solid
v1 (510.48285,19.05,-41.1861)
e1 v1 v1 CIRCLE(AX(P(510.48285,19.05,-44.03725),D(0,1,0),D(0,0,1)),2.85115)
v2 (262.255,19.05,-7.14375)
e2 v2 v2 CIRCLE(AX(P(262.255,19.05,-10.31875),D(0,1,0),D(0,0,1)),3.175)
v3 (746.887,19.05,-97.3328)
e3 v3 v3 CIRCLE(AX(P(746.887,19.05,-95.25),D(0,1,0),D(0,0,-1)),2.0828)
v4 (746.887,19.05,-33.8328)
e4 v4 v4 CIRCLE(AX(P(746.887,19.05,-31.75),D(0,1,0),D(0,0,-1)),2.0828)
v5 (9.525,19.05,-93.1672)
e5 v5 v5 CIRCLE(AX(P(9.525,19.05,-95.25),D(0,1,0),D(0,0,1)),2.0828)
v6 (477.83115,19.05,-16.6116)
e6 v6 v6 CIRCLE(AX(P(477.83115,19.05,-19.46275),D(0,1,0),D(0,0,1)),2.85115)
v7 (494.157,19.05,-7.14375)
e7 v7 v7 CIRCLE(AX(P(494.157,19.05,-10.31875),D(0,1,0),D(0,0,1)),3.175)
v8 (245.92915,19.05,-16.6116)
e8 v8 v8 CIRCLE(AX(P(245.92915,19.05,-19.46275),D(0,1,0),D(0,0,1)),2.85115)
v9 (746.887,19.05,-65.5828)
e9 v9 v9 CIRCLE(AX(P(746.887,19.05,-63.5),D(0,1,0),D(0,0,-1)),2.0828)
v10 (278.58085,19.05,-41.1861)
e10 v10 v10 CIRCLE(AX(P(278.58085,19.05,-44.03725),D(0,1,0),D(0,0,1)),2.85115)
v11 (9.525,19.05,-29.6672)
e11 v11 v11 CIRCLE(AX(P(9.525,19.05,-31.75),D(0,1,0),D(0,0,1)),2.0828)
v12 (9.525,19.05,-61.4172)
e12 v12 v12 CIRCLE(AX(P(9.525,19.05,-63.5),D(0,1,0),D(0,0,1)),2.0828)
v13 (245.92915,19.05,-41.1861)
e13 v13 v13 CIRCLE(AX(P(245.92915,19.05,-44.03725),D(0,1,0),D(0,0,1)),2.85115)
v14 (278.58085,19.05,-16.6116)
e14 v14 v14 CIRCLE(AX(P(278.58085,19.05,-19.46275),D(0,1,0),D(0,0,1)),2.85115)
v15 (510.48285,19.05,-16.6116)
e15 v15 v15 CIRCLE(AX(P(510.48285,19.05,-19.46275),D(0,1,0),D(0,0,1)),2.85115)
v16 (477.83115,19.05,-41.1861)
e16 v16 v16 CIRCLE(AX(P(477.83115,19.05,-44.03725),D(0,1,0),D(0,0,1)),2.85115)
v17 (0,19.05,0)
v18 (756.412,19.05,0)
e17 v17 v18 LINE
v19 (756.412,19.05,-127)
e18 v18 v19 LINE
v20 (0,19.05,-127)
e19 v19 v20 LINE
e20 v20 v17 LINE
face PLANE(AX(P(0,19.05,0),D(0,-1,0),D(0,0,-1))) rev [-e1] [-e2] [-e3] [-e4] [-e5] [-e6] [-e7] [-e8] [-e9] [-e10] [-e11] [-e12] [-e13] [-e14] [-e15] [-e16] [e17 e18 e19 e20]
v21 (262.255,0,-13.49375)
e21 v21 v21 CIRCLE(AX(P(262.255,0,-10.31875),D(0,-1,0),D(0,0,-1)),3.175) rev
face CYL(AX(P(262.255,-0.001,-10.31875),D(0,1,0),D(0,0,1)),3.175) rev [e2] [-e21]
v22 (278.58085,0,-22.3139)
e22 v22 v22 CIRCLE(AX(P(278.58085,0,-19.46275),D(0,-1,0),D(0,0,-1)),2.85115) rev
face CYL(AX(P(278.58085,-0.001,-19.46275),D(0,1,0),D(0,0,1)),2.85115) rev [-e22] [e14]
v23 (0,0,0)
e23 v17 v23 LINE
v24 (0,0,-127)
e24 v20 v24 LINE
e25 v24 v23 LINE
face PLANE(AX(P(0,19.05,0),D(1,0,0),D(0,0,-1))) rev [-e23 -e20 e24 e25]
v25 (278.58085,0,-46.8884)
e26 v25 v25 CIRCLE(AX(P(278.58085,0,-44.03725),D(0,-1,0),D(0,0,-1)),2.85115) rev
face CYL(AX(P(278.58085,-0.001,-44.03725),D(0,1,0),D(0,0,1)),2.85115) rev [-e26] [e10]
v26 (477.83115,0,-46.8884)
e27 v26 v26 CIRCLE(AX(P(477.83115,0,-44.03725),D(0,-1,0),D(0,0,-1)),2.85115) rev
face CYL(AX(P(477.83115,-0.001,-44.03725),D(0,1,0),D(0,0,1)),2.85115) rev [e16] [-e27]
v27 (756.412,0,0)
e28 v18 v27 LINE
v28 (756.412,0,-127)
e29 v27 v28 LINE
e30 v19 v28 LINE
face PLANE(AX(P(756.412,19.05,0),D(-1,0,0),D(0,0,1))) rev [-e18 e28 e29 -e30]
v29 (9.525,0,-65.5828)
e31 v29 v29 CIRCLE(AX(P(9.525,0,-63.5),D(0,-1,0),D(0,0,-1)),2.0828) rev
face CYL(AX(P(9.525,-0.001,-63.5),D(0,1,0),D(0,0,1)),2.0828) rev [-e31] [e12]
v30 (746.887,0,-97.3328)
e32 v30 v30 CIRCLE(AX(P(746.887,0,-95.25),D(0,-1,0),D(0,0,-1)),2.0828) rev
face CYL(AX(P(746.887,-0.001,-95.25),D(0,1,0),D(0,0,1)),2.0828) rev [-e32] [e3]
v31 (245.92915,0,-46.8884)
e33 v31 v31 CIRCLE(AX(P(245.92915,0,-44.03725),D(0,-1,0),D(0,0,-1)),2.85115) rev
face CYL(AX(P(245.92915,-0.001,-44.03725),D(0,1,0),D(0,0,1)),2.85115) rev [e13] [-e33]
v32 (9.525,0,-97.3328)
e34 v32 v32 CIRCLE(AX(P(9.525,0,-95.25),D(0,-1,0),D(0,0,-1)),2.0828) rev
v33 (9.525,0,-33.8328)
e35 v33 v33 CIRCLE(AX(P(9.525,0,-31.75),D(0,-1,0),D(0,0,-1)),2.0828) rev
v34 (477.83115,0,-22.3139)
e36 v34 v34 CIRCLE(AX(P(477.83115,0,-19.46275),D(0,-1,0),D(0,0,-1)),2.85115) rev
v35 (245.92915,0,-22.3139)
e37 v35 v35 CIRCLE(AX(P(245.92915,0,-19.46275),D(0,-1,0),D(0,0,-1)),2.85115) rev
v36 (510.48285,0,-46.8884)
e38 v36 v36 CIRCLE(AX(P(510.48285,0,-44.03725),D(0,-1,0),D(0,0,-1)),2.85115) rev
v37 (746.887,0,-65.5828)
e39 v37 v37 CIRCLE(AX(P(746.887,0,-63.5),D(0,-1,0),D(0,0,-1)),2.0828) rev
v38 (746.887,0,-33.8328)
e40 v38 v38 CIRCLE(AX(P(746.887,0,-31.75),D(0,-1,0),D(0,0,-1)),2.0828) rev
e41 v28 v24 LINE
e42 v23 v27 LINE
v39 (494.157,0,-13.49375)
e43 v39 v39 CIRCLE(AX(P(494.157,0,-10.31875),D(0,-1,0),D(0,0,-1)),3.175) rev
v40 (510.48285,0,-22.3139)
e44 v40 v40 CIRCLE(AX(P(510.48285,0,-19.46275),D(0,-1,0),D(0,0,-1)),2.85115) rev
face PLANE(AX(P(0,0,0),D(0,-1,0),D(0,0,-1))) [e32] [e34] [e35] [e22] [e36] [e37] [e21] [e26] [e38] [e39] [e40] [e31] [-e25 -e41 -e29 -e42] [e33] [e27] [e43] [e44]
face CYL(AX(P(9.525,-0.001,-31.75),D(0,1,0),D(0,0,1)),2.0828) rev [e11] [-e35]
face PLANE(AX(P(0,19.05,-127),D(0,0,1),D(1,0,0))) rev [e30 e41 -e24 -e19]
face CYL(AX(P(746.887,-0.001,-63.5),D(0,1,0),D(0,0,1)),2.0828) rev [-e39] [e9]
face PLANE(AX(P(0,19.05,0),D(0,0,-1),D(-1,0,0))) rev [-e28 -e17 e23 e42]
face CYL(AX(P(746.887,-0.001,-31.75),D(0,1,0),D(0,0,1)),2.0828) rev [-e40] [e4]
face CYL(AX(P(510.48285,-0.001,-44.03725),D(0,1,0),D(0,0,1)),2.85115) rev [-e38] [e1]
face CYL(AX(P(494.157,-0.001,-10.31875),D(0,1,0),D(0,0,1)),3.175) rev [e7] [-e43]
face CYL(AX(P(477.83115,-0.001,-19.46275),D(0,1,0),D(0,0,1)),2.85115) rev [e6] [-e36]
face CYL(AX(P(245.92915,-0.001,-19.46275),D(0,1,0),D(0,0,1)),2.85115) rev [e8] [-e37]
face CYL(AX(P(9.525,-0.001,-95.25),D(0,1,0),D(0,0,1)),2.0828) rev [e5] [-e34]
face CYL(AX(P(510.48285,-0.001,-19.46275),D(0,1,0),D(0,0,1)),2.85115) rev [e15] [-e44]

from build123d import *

# Parameters (mm, degrees)
SKETCH2_W           = 756.412
SKETCH2_H           = 127
BOSS_EXTRUDE1_DEPTH = 19.05
CUT_EXTRUDE1_REACH  = 21.05
SKETCH3_R           = 2.85115
CUT_EXTRUDE2_REACH  = 21.05
SKETCH4_R           = 3.175
CUT_EXTRUDE3_REACH  = 21.05
SKETCH5_R           = 2.0828


with BuildPart() as part:
    # Sketch2 → Boss-Extrude1 (new body)
    with BuildSketch(Plane(origin=(0, 0, 0), x_dir=(1, 0, 0), z_dir=(0, 1, 0))):
        with Locations((378.206, 63.5)):
            Rectangle(SKETCH2_W, SKETCH2_H)
    extrude(amount=BOSS_EXTRUDE1_DEPTH)

    # Sketch3 → Cut-Extrude1 (cut, up to next)
    with BuildSketch(Plane(origin=(0, 19.05, 0), x_dir=(1, 0, 0), z_dir=(0, 1, 0)), mode=Mode.PRIVATE) as cut_extrude1_sk1:
        with Locations((245.92915, 19.46275)):
            Circle(SKETCH3_R)
    cut_extrude1_tool1 = extrude(cut_extrude1_sk1.sketch, amount=-CUT_EXTRUDE1_REACH, mode=Mode.PRIVATE) & part.part
    add(cut_extrude1_tool1.solids().sort_by_distance((245.92915, 19.05, -19.46275))[0], mode=Mode.SUBTRACT)
    # Sketch3 → Cut-Extrude1 (cut, up to next)
    with BuildSketch(Plane(origin=(0, 19.05, 0), x_dir=(1, 0, 0), z_dir=(0, 1, 0)), mode=Mode.PRIVATE) as cut_extrude1_sk2:
        with Locations((278.58085, 19.46275)):
            Circle(SKETCH3_R)
    cut_extrude1_tool2 = extrude(cut_extrude1_sk2.sketch, amount=-CUT_EXTRUDE1_REACH, mode=Mode.PRIVATE) & part.part
    add(cut_extrude1_tool2.solids().sort_by_distance((278.58085, 19.05, -19.46275))[0], mode=Mode.SUBTRACT)
    # Sketch3 → Cut-Extrude1 (cut, up to next)
    with BuildSketch(Plane(origin=(0, 19.05, 0), x_dir=(1, 0, 0), z_dir=(0, 1, 0)), mode=Mode.PRIVATE) as cut_extrude1_sk3:
        with Locations((278.58085, 44.03725)):
            Circle(SKETCH3_R)
    cut_extrude1_tool3 = extrude(cut_extrude1_sk3.sketch, amount=-CUT_EXTRUDE1_REACH, mode=Mode.PRIVATE) & part.part
    add(cut_extrude1_tool3.solids().sort_by_distance((278.58085, 19.05, -44.03725))[0], mode=Mode.SUBTRACT)
    # Sketch3 → Cut-Extrude1 (cut, up to next)
    with BuildSketch(Plane(origin=(0, 19.05, 0), x_dir=(1, 0, 0), z_dir=(0, 1, 0)), mode=Mode.PRIVATE) as cut_extrude1_sk4:
        with Locations((245.92915, 44.03725)):
            Circle(SKETCH3_R)
    cut_extrude1_tool4 = extrude(cut_extrude1_sk4.sketch, amount=-CUT_EXTRUDE1_REACH, mode=Mode.PRIVATE) & part.part
    add(cut_extrude1_tool4.solids().sort_by_distance((245.92915, 19.05, -44.03725))[0], mode=Mode.SUBTRACT)
    # Sketch3 → Cut-Extrude1 (cut, up to next)
    with BuildSketch(Plane(origin=(0, 19.05, 0), x_dir=(1, 0, 0), z_dir=(0, 1, 0)), mode=Mode.PRIVATE) as cut_extrude1_sk5:
        with Locations((477.83115, 19.46275)):
            Circle(SKETCH3_R)
    cut_extrude1_tool5 = extrude(cut_extrude1_sk5.sketch, amount=-CUT_EXTRUDE1_REACH, mode=Mode.PRIVATE) & part.part
    add(cut_extrude1_tool5.solids().sort_by_distance((477.83115, 19.05, -19.46275))[0], mode=Mode.SUBTRACT)
    # Sketch3 → Cut-Extrude1 (cut, up to next)
    with BuildSketch(Plane(origin=(0, 19.05, 0), x_dir=(1, 0, 0), z_dir=(0, 1, 0)), mode=Mode.PRIVATE) as cut_extrude1_sk6:
        with Locations((510.48285, 19.46275)):
            Circle(SKETCH3_R)
    cut_extrude1_tool6 = extrude(cut_extrude1_sk6.sketch, amount=-CUT_EXTRUDE1_REACH, mode=Mode.PRIVATE) & part.part
    add(cut_extrude1_tool6.solids().sort_by_distance((510.48285, 19.05, -19.46275))[0], mode=Mode.SUBTRACT)
    # Sketch3 → Cut-Extrude1 (cut, up to next)
    with BuildSketch(Plane(origin=(0, 19.05, 0), x_dir=(1, 0, 0), z_dir=(0, 1, 0)), mode=Mode.PRIVATE) as cut_extrude1_sk7:
        with Locations((510.48285, 44.03725)):
            Circle(SKETCH3_R)
    cut_extrude1_tool7 = extrude(cut_extrude1_sk7.sketch, amount=-CUT_EXTRUDE1_REACH, mode=Mode.PRIVATE) & part.part
    add(cut_extrude1_tool7.solids().sort_by_distance((510.48285, 19.05, -44.03725))[0], mode=Mode.SUBTRACT)
    # Sketch3 → Cut-Extrude1 (cut, up to next)
    with BuildSketch(Plane(origin=(0, 19.05, 0), x_dir=(1, 0, 0), z_dir=(0, 1, 0)), mode=Mode.PRIVATE) as cut_extrude1_sk8:
        with Locations((477.83115, 44.03725)):
            Circle(SKETCH3_R)
    cut_extrude1_tool8 = extrude(cut_extrude1_sk8.sketch, amount=-CUT_EXTRUDE1_REACH, mode=Mode.PRIVATE) & part.part
    add(cut_extrude1_tool8.solids().sort_by_distance((477.83115, 19.05, -44.03725))[0], mode=Mode.SUBTRACT)

    # Sketch4 → Cut-Extrude2 (cut, up to next)
    with BuildSketch(Plane(origin=(0, 19.05, 0), x_dir=(1, 0, 0), z_dir=(0, 1, 0)), mode=Mode.PRIVATE) as cut_extrude2_sk1:
        with Locations((494.157, 10.31875)):
            Circle(SKETCH4_R)
    cut_extrude2_tool1 = extrude(cut_extrude2_sk1.sketch, amount=-CUT_EXTRUDE2_REACH, mode=Mode.PRIVATE) & part.part
    add(cut_extrude2_tool1.solids().sort_by_distance((494.157, 19.05, -10.31875))[0], mode=Mode.SUBTRACT)
    # Sketch4 → Cut-Extrude2 (cut, up to next)
    with BuildSketch(Plane(origin=(0, 19.05, 0), x_dir=(1, 0, 0), z_dir=(0, 1, 0)), mode=Mode.PRIVATE) as cut_extrude2_sk2:
        with Locations((262.255, 10.31875)):
            Circle(SKETCH4_R)
    cut_extrude2_tool2 = extrude(cut_extrude2_sk2.sketch, amount=-CUT_EXTRUDE2_REACH, mode=Mode.PRIVATE) & part.part
    add(cut_extrude2_tool2.solids().sort_by_distance((262.255, 19.05, -10.31875))[0], mode=Mode.SUBTRACT)

    # Sketch5 → Cut-Extrude3 (cut, up to next)
    with BuildSketch(Plane(origin=(0, 19.05, 0), x_dir=(1, 0, 0), z_dir=(0, 1, 0)), mode=Mode.PRIVATE) as cut_extrude3_sk1:
        with Locations((9.525, 95.25)):
            Circle(SKETCH5_R)
    cut_extrude3_tool1 = extrude(cut_extrude3_sk1.sketch, amount=-CUT_EXTRUDE3_REACH, mode=Mode.PRIVATE) & part.part
    add(cut_extrude3_tool1.solids().sort_by_distance((9.525, 19.05, -95.25))[0], mode=Mode.SUBTRACT)
    # Sketch5 → Cut-Extrude3 (cut, up to next)
    with BuildSketch(Plane(origin=(0, 19.05, 0), x_dir=(1, 0, 0), z_dir=(0, 1, 0)), mode=Mode.PRIVATE) as cut_extrude3_sk2:
        with Locations((9.525, 63.5)):
            Circle(SKETCH5_R)
    cut_extrude3_tool2 = extrude(cut_extrude3_sk2.sketch, amount=-CUT_EXTRUDE3_REACH, mode=Mode.PRIVATE) & part.part
    add(cut_extrude3_tool2.solids().sort_by_distance((9.525, 19.05, -63.5))[0], mode=Mode.SUBTRACT)
    # Sketch5 → Cut-Extrude3 (cut, up to next)
    with BuildSketch(Plane(origin=(0, 19.05, 0), x_dir=(1, 0, 0), z_dir=(0, 1, 0)), mode=Mode.PRIVATE) as cut_extrude3_sk3:
        with Locations((9.525, 31.75)):
            Circle(SKETCH5_R)
    cut_extrude3_tool3 = extrude(cut_extrude3_sk3.sketch, amount=-CUT_EXTRUDE3_REACH, mode=Mode.PRIVATE) & part.part
    add(cut_extrude3_tool3.solids().sort_by_distance((9.525, 19.05, -31.75))[0], mode=Mode.SUBTRACT)
    # Sketch5 → Cut-Extrude3 (cut, up to next)
    with BuildSketch(Plane(origin=(0, 19.05, 0), x_dir=(1, 0, 0), z_dir=(0, 1, 0)), mode=Mode.PRIVATE) as cut_extrude3_sk4:
        with Locations((746.887, 31.75)):
            Circle(SKETCH5_R)
    cut_extrude3_tool4 = extrude(cut_extrude3_sk4.sketch, amount=-CUT_EXTRUDE3_REACH, mode=Mode.PRIVATE) & part.part
    add(cut_extrude3_tool4.solids().sort_by_distance((746.887, 19.05, -31.75))[0], mode=Mode.SUBTRACT)
    # Sketch5 → Cut-Extrude3 (cut, up to next)
    with BuildSketch(Plane(origin=(0, 19.05, 0), x_dir=(1, 0, 0), z_dir=(0, 1, 0)), mode=Mode.PRIVATE) as cut_extrude3_sk5:
        with Locations((746.887, 63.5)):
            Circle(SKETCH5_R)
    cut_extrude3_tool5 = extrude(cut_extrude3_sk5.sketch, amount=-CUT_EXTRUDE3_REACH, mode=Mode.PRIVATE) & part.part
    add(cut_extrude3_tool5.solids().sort_by_distance((746.887, 19.05, -63.5))[0], mode=Mode.SUBTRACT)
    # Sketch5 → Cut-Extrude3 (cut, up to next)
    with BuildSketch(Plane(origin=(0, 19.05, 0), x_dir=(1, 0, 0), z_dir=(0, 1, 0)), mode=Mode.PRIVATE) as cut_extrude3_sk6:
        with Locations((746.887, 95.25)):
            Circle(SKETCH5_R)
    cut_extrude3_tool6 = extrude(cut_extrude3_sk6.sketch, amount=-CUT_EXTRUDE3_REACH, mode=Mode.PRIVATE) & part.part
    add(cut_extrude3_tool6.solids().sort_by_distance((746.887, 19.05, -95.25))[0], mode=Mode.SUBTRACT)


solid = part.part
